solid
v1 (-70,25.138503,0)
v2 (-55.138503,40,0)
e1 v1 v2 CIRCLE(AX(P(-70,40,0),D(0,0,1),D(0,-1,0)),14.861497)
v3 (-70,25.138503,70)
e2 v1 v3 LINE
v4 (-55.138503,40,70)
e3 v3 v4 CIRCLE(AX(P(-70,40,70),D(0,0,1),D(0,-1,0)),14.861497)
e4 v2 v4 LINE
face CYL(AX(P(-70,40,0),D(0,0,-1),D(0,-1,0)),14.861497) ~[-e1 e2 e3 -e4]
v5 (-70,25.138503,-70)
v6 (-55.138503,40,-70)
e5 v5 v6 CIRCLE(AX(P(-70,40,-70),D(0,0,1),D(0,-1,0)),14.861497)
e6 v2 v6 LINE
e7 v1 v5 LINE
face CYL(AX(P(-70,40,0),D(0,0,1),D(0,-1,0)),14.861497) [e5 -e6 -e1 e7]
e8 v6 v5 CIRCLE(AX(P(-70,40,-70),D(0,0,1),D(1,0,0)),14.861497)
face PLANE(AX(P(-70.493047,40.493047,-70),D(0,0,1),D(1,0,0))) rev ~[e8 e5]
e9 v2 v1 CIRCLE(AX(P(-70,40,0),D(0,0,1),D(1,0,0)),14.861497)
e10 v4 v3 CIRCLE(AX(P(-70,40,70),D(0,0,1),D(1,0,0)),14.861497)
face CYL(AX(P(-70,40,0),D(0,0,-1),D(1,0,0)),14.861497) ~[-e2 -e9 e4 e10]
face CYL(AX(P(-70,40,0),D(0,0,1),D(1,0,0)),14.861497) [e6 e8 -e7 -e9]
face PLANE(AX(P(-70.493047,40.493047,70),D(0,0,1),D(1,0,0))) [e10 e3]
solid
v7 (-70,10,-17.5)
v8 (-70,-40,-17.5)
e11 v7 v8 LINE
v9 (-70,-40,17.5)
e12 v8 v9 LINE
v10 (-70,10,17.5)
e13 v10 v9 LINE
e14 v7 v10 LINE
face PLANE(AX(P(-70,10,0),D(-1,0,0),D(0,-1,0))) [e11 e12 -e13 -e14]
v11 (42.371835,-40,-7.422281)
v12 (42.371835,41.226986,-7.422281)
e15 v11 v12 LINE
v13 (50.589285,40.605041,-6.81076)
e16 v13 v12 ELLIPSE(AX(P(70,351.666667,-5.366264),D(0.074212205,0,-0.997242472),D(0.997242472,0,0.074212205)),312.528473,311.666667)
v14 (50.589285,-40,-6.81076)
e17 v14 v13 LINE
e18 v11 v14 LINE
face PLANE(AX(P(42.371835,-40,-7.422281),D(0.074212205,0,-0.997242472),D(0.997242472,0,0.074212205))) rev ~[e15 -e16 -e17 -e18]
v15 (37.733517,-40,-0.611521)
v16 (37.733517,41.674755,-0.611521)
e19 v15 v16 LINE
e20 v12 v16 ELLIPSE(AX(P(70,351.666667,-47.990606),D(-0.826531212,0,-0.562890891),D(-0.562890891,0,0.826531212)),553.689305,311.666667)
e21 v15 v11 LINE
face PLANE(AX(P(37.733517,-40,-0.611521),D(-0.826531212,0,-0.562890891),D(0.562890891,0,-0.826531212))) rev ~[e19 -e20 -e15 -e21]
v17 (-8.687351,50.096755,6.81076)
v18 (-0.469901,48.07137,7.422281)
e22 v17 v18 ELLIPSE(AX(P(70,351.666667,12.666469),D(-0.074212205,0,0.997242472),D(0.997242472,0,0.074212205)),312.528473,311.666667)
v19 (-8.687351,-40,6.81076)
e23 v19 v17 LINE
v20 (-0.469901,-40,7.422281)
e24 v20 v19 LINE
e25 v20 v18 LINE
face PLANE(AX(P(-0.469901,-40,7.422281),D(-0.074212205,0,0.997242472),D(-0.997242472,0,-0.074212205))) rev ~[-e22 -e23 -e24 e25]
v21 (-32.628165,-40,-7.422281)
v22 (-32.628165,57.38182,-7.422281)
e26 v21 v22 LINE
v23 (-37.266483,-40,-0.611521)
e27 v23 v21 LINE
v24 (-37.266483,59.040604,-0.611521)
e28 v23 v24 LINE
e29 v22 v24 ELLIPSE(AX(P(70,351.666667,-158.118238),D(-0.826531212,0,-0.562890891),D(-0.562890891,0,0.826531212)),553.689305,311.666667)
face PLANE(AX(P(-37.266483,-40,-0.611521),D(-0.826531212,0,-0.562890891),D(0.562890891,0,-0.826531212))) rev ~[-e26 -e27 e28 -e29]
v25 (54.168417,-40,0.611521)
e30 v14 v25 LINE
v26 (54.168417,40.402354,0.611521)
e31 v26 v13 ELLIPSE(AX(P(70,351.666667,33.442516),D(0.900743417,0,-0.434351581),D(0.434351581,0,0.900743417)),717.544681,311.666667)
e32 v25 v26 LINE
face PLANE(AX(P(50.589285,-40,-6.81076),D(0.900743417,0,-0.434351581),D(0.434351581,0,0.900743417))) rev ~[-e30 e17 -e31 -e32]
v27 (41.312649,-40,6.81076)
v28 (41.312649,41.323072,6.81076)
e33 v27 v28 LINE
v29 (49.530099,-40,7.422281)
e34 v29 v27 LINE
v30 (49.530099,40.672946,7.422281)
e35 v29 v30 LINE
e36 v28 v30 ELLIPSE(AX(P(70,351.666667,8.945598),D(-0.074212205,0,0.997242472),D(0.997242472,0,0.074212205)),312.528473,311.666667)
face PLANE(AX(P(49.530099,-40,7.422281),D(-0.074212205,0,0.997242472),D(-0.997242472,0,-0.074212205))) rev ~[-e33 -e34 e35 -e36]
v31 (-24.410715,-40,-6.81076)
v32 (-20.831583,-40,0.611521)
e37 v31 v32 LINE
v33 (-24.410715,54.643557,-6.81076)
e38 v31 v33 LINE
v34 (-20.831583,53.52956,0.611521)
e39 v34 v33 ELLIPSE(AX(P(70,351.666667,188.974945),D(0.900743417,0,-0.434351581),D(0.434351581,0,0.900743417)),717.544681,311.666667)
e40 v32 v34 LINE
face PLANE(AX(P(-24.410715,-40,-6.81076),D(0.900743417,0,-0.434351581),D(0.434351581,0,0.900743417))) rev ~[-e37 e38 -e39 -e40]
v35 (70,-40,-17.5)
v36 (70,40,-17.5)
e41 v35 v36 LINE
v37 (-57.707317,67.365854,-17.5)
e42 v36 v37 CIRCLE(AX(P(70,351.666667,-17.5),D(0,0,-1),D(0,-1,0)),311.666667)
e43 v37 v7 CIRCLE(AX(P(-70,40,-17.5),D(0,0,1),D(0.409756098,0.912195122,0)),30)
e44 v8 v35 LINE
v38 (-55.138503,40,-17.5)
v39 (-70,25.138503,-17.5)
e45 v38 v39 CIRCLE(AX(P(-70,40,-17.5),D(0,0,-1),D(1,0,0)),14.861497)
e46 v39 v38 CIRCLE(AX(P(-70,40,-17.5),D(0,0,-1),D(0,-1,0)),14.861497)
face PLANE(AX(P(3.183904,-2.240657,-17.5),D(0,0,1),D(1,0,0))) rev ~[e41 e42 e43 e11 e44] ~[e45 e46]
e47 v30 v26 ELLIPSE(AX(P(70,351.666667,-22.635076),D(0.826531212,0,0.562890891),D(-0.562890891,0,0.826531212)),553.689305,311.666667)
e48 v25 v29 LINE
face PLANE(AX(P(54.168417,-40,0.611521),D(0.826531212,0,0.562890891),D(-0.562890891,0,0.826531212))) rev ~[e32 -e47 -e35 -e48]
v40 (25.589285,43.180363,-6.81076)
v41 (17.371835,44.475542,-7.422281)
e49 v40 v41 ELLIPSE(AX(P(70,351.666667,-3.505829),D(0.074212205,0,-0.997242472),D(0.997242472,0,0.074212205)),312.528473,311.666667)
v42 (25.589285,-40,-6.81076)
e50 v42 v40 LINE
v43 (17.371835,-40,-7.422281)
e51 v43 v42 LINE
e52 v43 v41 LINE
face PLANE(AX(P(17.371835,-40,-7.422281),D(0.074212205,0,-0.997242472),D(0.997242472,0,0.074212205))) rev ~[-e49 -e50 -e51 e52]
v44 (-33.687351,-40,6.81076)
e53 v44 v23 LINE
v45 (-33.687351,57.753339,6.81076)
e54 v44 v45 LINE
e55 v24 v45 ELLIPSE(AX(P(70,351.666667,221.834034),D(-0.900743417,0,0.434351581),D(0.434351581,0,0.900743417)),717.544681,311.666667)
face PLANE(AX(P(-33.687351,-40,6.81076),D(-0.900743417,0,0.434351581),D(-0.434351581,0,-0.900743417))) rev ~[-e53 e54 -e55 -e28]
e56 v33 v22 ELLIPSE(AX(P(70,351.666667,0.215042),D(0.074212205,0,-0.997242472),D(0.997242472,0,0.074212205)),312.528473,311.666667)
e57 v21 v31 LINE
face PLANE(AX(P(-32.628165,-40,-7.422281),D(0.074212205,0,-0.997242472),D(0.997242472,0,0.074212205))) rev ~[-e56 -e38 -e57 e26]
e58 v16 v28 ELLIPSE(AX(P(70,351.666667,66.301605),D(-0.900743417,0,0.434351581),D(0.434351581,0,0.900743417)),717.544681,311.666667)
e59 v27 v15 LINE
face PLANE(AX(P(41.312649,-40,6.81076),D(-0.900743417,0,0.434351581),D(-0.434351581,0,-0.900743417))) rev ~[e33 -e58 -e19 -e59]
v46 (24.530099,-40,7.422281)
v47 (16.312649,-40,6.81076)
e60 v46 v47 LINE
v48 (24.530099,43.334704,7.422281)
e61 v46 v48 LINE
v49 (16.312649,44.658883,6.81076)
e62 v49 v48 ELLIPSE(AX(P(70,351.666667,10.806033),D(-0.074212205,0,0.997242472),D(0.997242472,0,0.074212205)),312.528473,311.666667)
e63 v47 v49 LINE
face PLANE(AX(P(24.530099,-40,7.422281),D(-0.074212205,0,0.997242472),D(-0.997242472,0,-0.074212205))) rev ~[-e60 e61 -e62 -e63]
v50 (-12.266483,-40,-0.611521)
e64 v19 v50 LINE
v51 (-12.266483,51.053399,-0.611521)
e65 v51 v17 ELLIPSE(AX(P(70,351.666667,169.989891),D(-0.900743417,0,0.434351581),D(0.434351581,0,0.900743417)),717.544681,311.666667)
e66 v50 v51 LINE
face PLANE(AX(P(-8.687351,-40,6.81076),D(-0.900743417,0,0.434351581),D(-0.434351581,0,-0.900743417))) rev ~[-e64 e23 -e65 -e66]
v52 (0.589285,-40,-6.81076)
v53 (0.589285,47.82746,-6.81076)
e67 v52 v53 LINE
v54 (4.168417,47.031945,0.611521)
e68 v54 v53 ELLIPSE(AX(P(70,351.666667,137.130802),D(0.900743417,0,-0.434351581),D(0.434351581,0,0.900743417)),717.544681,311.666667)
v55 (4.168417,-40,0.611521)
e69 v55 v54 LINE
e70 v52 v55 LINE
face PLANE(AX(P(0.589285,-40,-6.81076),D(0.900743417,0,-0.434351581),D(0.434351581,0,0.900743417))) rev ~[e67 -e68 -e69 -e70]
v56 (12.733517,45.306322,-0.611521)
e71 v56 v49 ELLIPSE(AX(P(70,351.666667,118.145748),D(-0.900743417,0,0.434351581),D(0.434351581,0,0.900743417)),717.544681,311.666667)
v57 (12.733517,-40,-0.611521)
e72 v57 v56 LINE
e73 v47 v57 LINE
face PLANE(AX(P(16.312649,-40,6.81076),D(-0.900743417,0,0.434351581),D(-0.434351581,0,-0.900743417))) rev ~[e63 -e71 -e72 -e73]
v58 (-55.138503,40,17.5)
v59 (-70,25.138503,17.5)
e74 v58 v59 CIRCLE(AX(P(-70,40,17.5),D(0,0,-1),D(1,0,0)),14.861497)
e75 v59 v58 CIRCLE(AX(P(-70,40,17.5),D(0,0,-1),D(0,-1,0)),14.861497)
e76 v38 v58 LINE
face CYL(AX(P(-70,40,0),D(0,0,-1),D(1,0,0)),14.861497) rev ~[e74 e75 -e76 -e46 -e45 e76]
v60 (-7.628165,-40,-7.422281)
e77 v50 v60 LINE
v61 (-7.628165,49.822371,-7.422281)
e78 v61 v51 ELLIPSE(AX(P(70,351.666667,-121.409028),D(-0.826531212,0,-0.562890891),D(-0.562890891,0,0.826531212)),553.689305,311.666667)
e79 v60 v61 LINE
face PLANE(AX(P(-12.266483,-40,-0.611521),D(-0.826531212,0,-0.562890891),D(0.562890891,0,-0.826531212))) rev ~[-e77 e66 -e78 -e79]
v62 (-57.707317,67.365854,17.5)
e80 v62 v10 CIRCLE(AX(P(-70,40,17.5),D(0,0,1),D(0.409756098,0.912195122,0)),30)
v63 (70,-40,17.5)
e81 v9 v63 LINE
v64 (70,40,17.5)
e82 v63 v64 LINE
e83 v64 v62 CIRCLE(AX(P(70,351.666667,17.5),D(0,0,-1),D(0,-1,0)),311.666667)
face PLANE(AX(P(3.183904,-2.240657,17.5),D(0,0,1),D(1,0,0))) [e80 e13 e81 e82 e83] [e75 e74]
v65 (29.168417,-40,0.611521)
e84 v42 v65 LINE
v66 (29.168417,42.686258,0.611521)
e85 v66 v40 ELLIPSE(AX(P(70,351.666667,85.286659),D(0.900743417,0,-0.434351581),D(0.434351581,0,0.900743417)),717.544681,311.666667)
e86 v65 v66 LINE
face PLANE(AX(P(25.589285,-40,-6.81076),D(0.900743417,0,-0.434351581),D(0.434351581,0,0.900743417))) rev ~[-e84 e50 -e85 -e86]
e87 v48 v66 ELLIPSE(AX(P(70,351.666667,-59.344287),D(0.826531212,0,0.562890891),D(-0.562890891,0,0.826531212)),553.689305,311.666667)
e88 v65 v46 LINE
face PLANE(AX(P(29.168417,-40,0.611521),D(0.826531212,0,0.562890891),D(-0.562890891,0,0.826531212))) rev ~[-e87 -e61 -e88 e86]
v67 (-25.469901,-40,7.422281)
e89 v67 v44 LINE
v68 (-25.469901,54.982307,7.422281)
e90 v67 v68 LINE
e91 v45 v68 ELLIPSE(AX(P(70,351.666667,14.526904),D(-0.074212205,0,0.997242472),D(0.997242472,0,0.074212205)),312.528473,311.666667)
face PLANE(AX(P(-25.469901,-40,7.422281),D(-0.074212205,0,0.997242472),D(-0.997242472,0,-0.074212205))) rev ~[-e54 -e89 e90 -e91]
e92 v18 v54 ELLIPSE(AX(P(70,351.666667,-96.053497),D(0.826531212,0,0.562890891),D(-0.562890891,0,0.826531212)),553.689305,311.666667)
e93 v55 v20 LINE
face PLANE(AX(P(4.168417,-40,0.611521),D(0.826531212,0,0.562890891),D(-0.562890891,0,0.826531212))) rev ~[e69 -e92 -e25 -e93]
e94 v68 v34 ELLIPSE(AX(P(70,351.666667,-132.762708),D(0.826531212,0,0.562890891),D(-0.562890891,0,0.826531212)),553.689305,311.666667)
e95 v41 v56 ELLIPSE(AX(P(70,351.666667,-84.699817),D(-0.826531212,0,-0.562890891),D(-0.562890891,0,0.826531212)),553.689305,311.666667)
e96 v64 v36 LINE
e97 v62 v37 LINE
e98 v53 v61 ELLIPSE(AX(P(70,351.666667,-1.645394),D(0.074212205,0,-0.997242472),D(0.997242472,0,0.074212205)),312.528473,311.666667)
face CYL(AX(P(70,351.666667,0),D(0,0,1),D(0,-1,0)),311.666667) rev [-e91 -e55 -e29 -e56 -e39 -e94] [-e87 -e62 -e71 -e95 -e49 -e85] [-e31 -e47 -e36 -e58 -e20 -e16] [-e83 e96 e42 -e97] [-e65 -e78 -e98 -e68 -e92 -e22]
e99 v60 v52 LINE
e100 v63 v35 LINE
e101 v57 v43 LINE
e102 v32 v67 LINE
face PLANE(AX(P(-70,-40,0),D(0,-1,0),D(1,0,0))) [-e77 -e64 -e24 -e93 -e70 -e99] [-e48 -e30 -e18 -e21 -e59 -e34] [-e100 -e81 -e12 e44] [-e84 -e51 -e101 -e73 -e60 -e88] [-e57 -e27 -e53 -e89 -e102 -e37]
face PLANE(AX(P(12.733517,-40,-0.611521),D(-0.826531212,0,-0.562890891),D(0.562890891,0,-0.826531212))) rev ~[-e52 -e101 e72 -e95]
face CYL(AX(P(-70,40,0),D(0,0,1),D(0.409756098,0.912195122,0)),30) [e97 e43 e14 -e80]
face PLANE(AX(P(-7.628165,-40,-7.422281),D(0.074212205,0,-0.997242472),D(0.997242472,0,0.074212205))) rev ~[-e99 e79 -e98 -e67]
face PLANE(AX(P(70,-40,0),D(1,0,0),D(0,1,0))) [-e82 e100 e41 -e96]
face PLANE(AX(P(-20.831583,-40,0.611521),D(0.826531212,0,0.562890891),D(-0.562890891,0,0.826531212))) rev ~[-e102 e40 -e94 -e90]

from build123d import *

# Parameters (mm, degrees)
F1_DEPTH = 17.5
F2_DEPTH = 70
F4_DEPTH = 110.001


with BuildPart() as f1:
    # F0 (on Top) → F1 (new body, symmetric)
    with BuildSketch(Plane.XY):
        with BuildLine():
            Line((-70, -40), (70, -40))
            Line((70, -40), (70, 40))
            Line((70, 40), (-40, 40))
            ThreePointArc((-40, 40), (-48.7867965644, 18.7867965644), (-70, 10))
            Line((-70, 10), (-70, -40))
        make_face()
        with BuildLine():
            Line((-40, 40), (70, 40))
            ThreePointArc((70, 40), (4.6967673455, 46.9182476125), (-57.7073170732, 67.3658536585))
            ThreePointArc((-57.7073170732, 67.3658536585), (-44.8128952854, 56.2975383447), (-40, 40))
        make_face()
        with BuildLine():
            ThreePointArc((-57.7073170732, 67.3658536585), (-99.3340724223, 46.2858726619), (-70, 10))
            Line((-70, 10), (-70, 25.1385026563))
            ThreePointArc((-70, 25.1385026563), (-80.5086655503, 50.5086655503), (-55.1385026563, 40))
            Line((-55.1385026563, 40), (-40, 40))
            ThreePointArc((-40, 40), (-44.8128952854, 56.2975383447), (-57.7073170732, 67.3658536585))
        make_face()
        with BuildLine():
            Line((-70, 25.1385026563), (-70, 10))
            ThreePointArc((-70, 10), (-48.7867965644, 18.7867965644), (-40, 40))
            Line((-40, 40), (-55.1385026563, 40))
            ThreePointArc((-55.1385026563, 40), (-59.4913344497, 29.4913344497), (-70, 25.1385026563))
        make_face()
    extrude(amount=F1_DEPTH, both=True)

    # F3 (on face) → F4 (cut, through all)
    with BuildSketch(Plane.XZ.offset(40)):
        Polygon((24.5300985992, 7.4222810249), (16.3126487285, 6.8107596599), (12.7335168302, -0.611521365), (17.3718348026, -7.4222810249), (25.5892846733, -6.8107596599), (29.1684165716, 0.611521365), align=None)
        Polygon((49.5300985992, 7.4222810249), (41.3126487285, 6.8107596599), (37.7335168302, -0.611521365), (42.3718348026, -7.4222810249), (50.5892846733, -6.8107596599), (54.1684165716, 0.611521365), align=None)
        Polygon((-0.4699014008, 7.4222810249), (-8.6873512715, 6.8107596599), (-12.2664831698, -0.611521365), (-7.6281651974, -7.4222810249), (0.5892846733, -6.8107596599), (4.1684165716, 0.611521365), align=None)
        Polygon((-32.6281651974, -7.4222810249), (-24.4107153267, -6.8107596599), (-20.8315834284, 0.611521365), (-25.4699014008, 7.4222810249), (-33.6873512715, 6.8107596599), (-37.2664831698, -0.611521365), align=None)
    extrude(amount=-F4_DEPTH, mode=Mode.SUBTRACT)


with BuildPart() as f2:
    # F0 (on Top) → F2 (new body, symmetric)
    with BuildSketch(Plane.XY):
        with BuildLine():
            ThreePointArc((-55.1385026563, 40), (-80.5086655503, 50.5086655503), (-70, 25.1385026563))
            Line((-70, 25.1385026563), (-70, 40))
            Line((-70, 40), (-55.1385026563, 40))
        make_face()
        with BuildLine():
            Line((-70, 40), (-70, 25.1385026563))
            ThreePointArc((-70, 25.1385026563), (-59.4913344497, 29.4913344497), (-55.1385026563, 40))
            Line((-55.1385026563, 40), (-70, 40))
        make_face()
    extrude(amount=F2_DEPTH, both=True)


solid = Compound([f1.part, f2.part])
